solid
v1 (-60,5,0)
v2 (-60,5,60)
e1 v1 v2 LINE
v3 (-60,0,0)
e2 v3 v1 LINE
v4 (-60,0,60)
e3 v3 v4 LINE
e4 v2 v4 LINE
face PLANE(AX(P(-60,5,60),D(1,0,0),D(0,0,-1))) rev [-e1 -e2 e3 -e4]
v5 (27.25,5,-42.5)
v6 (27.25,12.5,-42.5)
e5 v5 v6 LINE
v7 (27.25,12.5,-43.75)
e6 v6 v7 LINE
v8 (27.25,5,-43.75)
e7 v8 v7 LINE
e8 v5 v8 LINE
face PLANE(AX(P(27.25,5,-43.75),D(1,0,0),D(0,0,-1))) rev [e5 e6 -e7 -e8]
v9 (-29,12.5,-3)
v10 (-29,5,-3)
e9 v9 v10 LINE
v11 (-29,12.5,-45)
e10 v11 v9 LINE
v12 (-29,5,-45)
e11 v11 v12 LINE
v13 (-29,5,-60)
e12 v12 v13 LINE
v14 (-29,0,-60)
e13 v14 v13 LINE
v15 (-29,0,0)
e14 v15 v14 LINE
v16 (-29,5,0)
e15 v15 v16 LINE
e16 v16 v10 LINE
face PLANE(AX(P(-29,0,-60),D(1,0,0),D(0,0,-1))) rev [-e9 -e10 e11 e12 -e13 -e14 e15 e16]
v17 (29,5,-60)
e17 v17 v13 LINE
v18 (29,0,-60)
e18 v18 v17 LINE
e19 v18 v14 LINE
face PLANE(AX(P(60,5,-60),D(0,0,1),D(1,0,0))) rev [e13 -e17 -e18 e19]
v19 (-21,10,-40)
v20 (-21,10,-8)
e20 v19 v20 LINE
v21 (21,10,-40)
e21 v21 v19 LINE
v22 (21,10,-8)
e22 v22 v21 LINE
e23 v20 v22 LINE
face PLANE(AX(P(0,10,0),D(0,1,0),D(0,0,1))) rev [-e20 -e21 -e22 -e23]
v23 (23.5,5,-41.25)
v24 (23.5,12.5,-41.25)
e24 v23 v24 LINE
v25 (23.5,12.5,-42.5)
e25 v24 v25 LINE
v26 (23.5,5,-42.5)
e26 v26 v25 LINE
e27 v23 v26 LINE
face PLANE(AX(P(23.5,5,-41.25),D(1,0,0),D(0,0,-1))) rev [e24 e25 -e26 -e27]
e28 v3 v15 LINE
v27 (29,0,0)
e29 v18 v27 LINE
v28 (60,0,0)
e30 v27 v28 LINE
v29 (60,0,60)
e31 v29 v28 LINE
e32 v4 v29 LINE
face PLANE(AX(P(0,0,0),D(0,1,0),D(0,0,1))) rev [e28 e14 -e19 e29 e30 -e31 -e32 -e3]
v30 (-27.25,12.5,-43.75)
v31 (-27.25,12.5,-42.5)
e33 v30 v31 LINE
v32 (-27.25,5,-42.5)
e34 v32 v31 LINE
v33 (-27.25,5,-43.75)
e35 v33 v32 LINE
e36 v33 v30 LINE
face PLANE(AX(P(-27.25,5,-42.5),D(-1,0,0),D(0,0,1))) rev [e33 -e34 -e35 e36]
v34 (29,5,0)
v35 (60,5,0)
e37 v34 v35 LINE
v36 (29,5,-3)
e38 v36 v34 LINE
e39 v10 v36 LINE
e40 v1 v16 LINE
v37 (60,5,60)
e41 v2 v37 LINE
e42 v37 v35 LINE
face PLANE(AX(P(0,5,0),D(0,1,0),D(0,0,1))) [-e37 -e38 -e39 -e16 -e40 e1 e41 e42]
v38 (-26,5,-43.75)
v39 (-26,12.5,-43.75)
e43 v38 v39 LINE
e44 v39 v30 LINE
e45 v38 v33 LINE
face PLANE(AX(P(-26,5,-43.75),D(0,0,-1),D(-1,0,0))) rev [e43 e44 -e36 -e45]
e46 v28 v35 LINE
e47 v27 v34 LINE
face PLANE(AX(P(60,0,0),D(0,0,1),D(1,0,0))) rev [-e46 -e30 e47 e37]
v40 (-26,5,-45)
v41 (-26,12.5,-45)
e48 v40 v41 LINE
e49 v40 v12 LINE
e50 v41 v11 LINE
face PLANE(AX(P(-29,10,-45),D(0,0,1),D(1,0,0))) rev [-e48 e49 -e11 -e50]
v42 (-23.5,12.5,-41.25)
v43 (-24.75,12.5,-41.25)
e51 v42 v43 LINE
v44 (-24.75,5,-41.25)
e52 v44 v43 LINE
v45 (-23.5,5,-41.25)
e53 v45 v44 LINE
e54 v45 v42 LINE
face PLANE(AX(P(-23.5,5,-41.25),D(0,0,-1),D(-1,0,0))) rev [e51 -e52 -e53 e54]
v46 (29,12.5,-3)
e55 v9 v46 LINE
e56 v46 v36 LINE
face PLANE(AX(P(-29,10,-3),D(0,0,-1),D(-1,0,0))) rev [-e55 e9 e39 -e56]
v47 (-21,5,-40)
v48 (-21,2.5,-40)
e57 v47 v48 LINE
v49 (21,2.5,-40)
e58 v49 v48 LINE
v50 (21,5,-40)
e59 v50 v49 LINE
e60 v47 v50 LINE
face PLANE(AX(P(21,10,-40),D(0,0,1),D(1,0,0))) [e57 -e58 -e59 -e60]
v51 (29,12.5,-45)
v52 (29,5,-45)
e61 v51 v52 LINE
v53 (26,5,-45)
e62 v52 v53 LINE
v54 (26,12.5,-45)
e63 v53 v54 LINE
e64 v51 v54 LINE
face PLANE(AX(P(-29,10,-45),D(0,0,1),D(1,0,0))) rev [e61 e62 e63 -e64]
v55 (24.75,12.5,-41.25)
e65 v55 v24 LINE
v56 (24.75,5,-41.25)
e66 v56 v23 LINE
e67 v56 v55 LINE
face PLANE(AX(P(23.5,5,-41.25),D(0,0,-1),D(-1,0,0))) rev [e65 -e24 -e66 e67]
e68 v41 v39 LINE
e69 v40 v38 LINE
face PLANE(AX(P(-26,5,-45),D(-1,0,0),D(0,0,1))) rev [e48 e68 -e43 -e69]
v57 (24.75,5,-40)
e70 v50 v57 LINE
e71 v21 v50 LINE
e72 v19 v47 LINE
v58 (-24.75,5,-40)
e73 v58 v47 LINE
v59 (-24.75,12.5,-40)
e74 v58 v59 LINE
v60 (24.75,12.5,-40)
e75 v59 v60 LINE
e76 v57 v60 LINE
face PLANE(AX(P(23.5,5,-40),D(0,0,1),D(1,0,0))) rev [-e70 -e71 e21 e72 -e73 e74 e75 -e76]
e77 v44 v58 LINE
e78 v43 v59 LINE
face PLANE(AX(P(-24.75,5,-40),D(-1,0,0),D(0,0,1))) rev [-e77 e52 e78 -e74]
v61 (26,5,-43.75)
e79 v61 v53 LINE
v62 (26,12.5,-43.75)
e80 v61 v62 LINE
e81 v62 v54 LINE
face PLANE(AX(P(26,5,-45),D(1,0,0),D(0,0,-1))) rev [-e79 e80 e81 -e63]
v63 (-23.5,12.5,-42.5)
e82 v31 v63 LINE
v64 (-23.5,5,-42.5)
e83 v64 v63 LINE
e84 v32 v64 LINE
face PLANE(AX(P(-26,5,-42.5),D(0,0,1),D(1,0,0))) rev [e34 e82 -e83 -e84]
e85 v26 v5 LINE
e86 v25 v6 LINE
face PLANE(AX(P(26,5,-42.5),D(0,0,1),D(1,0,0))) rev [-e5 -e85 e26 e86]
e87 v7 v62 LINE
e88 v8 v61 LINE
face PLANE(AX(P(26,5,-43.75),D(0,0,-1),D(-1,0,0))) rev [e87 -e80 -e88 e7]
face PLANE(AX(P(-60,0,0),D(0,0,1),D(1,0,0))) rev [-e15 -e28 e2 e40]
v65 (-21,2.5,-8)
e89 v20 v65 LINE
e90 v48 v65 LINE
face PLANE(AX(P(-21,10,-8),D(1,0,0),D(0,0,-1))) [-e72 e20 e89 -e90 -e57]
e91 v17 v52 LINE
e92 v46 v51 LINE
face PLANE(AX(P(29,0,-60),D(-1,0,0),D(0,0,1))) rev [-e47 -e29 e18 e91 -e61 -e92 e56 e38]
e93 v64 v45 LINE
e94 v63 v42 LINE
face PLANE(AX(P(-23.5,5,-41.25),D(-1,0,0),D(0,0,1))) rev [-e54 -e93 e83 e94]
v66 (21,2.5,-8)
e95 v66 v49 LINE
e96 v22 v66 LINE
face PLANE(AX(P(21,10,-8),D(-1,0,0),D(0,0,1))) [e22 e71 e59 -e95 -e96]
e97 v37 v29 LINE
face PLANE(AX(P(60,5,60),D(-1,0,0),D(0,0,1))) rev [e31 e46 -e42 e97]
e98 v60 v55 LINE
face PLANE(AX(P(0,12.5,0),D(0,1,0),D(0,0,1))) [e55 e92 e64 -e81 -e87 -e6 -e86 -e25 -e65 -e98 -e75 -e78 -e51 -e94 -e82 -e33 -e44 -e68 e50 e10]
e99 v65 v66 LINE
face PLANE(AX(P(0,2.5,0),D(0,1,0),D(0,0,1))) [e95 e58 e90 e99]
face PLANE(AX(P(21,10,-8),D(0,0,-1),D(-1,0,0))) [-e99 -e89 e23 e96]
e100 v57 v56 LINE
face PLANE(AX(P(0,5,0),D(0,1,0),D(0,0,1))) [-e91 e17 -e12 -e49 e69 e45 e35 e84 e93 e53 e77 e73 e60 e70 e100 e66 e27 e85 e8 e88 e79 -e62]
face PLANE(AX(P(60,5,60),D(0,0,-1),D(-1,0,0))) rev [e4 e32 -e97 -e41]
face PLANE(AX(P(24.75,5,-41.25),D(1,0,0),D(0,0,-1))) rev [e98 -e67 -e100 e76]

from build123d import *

# Parameters (mm, degrees)
BASE_CROQUIS_W               = 120
BASE_CROQUIS_H               = 120
BASE_SALIENTE_DEPTH          = 5
ENCAJE_RUEDAS_CROQUIS_W      = 31
ENCAJE_RUEDAS_CROQUIS_H      = 60
ENCAJE_RUEDAS_CORTAR_DEPTH   = 5
CAJA_PLACAS_CROQUIS_1_W      = 58
CAJA_PLACAS_CROQUIS_1_H      = 42
CAJA_PLACAS_CROQUIS_1_W_2    = 42
CAJA_PLACAS_CROQUIS_1_H_2    = 32
CAJA_PLACAS_SALIENTE_1_DEPTH = 5
CAJA_PLACAS_CROQUIS_2_W      = 42
CAJA_PLACAS_CROQUIS_2_H      = 32
CAJA_PLACAS_CORTAR_2_DEPTH   = 2.5
CAJA_PLACAS_CROQUIS_3_W      = 58
CAJA_PLACAS_CROQUIS_3_H      = 42
CAJA_PLACAS_SALIENTE_3_DEPTH = 2.5
CAJA_PLACAS_CORTAR_4_DEPTH   = 7.5


with BuildPart() as part:
    # Base-Croquis → Base-Saliente (new body)
    with BuildSketch(Plane(origin=(0, 0, 0), x_dir=(1, 0, 0), z_dir=(0, 1, 0))):
        Rectangle(BASE_CROQUIS_W, BASE_CROQUIS_H)
    extrude(amount=BASE_SALIENTE_DEPTH)

    # Encaje-Ruedas-Croquis → Encaje-Ruedas-Cortar (cut)
    with BuildSketch(Plane(origin=(0, 5, 0), x_dir=(1, 0, 0), z_dir=(0, 1, 0))):
        with Locations((44.5, 30)):
            Rectangle(ENCAJE_RUEDAS_CROQUIS_W, ENCAJE_RUEDAS_CROQUIS_H)
        with Locations((-44.5, 30)):
            Rectangle(ENCAJE_RUEDAS_CROQUIS_W, ENCAJE_RUEDAS_CROQUIS_H)
    extrude(amount=-ENCAJE_RUEDAS_CORTAR_DEPTH, mode=Mode.SUBTRACT)

    # Caja-Placas-Croquis-1 → Caja-Placas-Saliente-1 (add)
    with BuildSketch(Plane(origin=(0, 5, 0), x_dir=(1, 0, 0), z_dir=(0, 1, 0))):
        with Locations((0, 24)):
            Rectangle(CAJA_PLACAS_CROQUIS_1_W, CAJA_PLACAS_CROQUIS_1_H)
        with Locations((0, 24)):
            Rectangle(CAJA_PLACAS_CROQUIS_1_W_2, CAJA_PLACAS_CROQUIS_1_H_2, mode=Mode.SUBTRACT)
    extrude(amount=CAJA_PLACAS_SALIENTE_1_DEPTH)

    # Caja-Placas-Croquis-2 → Caja-Placas-Cortar-2 (cut)
    with BuildSketch(Plane(origin=(0, 5, 0), x_dir=(1, 0, 0), z_dir=(0, 1, 0))):
        with Locations((0, 24)):
            Rectangle(CAJA_PLACAS_CROQUIS_2_W, CAJA_PLACAS_CROQUIS_2_H)
    extrude(amount=-CAJA_PLACAS_CORTAR_2_DEPTH, mode=Mode.SUBTRACT)

    # Caja-Placas-Croquis-3 → Caja-Placas-Saliente-3 (add)
    with BuildSketch(Plane(origin=(0, 10, 0), x_dir=(1, 0, 0), z_dir=(0, 1, 0))):
        with Locations((0, 24)):
            Rectangle(CAJA_PLACAS_CROQUIS_3_W, CAJA_PLACAS_CROQUIS_3_H)
    extrude(amount=CAJA_PLACAS_SALIENTE_3_DEPTH)

    # Caja-Placas-Croquis-4 → Caja-Placas-Cortar-4 (cut)
    with BuildSketch(Plane(origin=(0, 12.5, 0), x_dir=(1, 0, 0), z_dir=(0, 1, 0))):
        Polygon((23.5, 42.5), (26, 42.5), (27.25, 42.5), (27.25, 43.75), (26, 43.75), (26, 45), (-26, 45), (-26, 43.75), (-27.25, 43.75), (-27.25, 42.5), (-26, 42.5), (-23.5, 42.5), (-23.5, 41.25), (-24.75, 41.25), (-24.75, 40), (-23.5, 40), (23.5, 40), (24.75, 40), (24.75, 41.25), (23.5, 41.25), align=None)
    extrude(amount=-CAJA_PLACAS_CORTAR_4_DEPTH, mode=Mode.SUBTRACT)


solid = part.part
